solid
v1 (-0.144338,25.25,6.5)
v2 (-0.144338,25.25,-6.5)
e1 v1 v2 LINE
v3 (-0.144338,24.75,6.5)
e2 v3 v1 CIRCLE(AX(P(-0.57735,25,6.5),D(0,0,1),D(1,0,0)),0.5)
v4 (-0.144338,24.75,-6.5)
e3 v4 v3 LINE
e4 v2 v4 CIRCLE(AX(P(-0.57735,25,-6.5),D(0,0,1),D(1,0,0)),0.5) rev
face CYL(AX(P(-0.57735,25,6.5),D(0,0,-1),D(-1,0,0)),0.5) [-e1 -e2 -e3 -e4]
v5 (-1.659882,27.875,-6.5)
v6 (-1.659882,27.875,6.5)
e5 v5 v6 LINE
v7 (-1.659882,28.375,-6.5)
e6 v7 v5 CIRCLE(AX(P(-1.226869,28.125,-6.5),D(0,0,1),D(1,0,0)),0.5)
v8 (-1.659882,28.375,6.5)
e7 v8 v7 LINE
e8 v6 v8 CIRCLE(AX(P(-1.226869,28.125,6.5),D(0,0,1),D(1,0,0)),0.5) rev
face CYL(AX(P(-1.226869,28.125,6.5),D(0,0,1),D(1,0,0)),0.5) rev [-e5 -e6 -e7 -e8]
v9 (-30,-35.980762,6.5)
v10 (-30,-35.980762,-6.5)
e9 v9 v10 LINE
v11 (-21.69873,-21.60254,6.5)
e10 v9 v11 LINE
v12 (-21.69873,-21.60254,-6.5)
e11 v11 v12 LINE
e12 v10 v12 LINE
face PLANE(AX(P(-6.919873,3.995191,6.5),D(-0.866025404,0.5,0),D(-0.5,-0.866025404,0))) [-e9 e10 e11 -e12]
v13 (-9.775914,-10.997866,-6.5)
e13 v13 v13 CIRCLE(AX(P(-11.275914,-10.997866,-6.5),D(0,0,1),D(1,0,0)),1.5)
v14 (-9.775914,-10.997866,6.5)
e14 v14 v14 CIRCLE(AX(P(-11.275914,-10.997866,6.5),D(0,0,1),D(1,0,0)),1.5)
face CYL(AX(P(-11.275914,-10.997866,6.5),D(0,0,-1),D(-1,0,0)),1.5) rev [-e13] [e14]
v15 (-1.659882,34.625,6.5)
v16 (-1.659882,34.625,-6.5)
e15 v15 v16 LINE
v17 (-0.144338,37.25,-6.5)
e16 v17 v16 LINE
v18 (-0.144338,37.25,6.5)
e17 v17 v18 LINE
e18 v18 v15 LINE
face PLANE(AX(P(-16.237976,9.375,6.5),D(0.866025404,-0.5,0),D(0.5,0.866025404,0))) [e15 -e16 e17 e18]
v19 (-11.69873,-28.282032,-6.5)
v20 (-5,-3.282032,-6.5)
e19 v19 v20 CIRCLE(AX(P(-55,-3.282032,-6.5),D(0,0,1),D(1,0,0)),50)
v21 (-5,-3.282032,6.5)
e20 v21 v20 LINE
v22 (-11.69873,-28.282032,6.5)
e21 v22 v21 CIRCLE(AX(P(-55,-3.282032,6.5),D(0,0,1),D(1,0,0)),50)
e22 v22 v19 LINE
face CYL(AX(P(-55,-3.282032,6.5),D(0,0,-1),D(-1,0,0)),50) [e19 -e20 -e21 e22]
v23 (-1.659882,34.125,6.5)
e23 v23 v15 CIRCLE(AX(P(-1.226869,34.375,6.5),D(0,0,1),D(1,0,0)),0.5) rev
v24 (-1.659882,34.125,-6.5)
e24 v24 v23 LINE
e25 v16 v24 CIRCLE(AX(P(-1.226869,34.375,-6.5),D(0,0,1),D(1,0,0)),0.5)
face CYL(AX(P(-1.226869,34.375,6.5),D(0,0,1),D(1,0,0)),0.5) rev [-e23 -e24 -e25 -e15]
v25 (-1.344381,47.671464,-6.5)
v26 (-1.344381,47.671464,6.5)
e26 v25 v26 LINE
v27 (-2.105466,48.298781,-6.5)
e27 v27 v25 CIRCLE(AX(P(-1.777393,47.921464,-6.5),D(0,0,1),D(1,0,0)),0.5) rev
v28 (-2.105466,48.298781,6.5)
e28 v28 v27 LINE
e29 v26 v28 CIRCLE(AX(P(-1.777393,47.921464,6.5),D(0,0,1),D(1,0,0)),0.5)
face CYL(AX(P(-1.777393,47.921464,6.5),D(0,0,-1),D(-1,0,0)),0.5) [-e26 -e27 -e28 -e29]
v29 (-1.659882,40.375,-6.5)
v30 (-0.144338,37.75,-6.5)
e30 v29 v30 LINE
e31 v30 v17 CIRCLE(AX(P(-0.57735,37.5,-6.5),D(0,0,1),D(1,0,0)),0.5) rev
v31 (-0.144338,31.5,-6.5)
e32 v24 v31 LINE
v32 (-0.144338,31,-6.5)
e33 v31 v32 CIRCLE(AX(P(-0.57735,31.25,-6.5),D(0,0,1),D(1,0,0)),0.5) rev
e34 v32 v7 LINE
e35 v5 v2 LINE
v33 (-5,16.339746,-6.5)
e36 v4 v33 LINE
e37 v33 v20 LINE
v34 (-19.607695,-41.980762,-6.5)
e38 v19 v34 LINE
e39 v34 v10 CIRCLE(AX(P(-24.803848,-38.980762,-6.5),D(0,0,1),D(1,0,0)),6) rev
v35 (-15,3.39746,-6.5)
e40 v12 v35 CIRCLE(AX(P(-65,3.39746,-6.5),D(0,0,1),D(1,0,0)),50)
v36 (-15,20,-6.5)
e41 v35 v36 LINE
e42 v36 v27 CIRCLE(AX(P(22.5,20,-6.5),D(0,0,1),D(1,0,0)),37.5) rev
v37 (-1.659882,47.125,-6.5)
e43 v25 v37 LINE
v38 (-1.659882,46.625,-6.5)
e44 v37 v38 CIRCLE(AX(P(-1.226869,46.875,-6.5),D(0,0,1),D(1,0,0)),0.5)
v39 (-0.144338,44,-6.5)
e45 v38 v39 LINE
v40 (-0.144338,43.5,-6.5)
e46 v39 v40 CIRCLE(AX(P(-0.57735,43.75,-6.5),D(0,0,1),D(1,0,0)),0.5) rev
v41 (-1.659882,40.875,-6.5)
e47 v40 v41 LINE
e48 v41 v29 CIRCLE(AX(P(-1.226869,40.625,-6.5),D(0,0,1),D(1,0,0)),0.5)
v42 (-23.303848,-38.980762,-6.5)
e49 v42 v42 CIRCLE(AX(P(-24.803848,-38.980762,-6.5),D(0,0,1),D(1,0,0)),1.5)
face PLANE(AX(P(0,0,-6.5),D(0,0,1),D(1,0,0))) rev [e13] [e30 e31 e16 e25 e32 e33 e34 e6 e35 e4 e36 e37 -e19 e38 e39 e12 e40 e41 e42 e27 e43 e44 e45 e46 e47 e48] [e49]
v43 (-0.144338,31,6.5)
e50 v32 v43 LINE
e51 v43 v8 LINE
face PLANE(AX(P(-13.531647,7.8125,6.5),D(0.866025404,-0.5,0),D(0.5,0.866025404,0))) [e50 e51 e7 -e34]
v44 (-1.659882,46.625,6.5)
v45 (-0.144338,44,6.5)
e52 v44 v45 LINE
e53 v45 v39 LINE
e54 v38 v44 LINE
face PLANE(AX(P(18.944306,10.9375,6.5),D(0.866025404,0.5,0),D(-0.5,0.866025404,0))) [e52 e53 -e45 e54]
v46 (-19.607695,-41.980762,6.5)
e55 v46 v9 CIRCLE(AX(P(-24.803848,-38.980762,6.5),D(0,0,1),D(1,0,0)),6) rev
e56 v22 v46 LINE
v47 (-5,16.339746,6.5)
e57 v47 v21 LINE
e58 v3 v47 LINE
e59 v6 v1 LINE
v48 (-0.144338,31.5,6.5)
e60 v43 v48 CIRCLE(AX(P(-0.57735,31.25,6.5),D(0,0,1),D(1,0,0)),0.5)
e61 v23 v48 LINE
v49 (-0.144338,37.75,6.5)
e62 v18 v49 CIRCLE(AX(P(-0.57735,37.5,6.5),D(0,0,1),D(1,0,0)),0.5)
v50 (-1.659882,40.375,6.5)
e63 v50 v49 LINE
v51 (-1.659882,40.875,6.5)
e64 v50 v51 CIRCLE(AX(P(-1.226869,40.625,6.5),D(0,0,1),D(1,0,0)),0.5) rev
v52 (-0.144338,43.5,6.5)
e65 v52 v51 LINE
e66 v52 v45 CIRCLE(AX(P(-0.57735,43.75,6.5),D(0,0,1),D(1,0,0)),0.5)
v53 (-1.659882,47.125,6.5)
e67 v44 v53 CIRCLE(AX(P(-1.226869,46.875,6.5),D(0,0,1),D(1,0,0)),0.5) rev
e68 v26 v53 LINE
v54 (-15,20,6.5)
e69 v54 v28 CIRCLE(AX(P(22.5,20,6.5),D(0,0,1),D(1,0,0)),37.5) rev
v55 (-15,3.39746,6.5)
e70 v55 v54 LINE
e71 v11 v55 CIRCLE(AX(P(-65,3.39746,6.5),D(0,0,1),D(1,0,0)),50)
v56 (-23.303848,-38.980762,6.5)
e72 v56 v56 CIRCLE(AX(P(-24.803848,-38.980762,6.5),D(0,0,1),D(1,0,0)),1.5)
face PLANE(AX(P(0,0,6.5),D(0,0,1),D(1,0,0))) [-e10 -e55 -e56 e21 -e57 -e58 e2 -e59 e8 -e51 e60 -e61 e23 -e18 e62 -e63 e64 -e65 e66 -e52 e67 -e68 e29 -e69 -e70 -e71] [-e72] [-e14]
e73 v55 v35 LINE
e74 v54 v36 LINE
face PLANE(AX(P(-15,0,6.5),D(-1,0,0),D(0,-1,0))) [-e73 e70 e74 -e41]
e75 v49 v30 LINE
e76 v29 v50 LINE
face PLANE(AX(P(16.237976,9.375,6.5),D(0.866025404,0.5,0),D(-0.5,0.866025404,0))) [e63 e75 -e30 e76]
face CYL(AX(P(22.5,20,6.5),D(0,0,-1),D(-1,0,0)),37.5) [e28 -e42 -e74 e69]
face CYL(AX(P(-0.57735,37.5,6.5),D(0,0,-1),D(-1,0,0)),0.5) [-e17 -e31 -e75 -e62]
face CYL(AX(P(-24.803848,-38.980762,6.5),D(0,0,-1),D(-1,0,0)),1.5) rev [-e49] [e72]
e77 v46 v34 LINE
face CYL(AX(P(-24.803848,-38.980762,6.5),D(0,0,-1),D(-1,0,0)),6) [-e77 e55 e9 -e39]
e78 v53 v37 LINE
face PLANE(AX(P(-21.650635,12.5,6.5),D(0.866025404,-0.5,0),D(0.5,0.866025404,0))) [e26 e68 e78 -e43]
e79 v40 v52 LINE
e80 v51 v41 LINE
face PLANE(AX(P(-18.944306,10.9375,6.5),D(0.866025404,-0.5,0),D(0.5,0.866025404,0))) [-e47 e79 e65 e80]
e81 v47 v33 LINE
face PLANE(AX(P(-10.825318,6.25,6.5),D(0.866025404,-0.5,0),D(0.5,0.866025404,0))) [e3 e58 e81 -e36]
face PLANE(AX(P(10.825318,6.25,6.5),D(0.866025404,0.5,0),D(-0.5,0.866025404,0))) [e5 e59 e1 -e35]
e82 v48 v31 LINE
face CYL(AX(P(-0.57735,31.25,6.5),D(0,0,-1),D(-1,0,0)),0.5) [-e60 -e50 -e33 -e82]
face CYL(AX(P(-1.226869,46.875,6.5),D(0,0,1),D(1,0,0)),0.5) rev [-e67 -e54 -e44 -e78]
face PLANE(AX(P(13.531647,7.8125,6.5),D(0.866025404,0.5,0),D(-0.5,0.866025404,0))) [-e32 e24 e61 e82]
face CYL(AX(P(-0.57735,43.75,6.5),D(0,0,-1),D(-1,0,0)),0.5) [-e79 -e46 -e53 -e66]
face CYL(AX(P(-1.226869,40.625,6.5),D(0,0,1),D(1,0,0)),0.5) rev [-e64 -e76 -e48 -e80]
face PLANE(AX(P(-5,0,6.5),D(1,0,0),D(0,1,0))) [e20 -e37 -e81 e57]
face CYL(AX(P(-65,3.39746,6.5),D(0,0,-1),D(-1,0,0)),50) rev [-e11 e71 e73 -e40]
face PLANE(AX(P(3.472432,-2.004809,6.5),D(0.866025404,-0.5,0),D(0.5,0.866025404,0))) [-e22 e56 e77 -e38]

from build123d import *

# Parameters (mm, degrees)
SKETCH1_R           = 1.5
BOSS_EXTRUDE1_DEPTH = 6.5
FILLET1_R           = 0.5


with BuildPart() as part:
    # Sketch1 → Boss-Extrude1 (new body, symmetric)
    with BuildSketch(Plane.XY):
        with BuildLine():
            Line((0, 25), (-5, 16.339745962))
            Line((-5, 16.339745962), (-5, -3.282032303))
            ThreePointArc((-5, -3.282032303), (-6.703708686, -16.222984558), (-11.698729811, -28.282032303))
            Line((-11.698729811, -28.282032303), (-19.607695155, -41.980762114))
            ThreePointArc((-19.607695155, -41.980762114), (-27.803847577, -44.176914536), (-30, -35.980762114))
            Line((-30, -35.980762114), (-21.698729811, -21.602540378))
            ThreePointArc((-21.698729811, -21.602540378), (-16.703708686, -9.543492634), (-15, 3.397459622))
            Line((-15, 3.397459622), (-15, 20))
            ThreePointArc((-15, 20), (-11.041019662, 36.770509831), (0, 50))
            Line((0, 50), (-1.804219591, 46.875))
            Line((-1.804219591, 46.875), (0, 43.75))
            Line((0, 43.75), (-1.804219591, 40.625))
            Line((-1.804219591, 40.625), (0, 37.5))
            Line((0, 37.5), (-1.804219591, 34.375))
            Line((-1.804219591, 34.375), (0, 31.25))
            Line((0, 31.25), (-1.804219591, 28.125))
            Line((-1.804219591, 28.125), (0, 25))
        make_face()
        with Locations((-24.803847577, -38.980762114)):
            Circle(SKETCH1_R, mode=Mode.SUBTRACT)
        with Locations((-11.275914322, -10.99786575)):
            Circle(SKETCH1_R, mode=Mode.SUBTRACT)
    extrude(amount=BOSS_EXTRUDE1_DEPTH, both=True)

    # Fillet1
    fillet1_edges = [part.edges().sort_by_distance(p)[0] for p in [
        (0, 50, 0),
        (-1.804219591, 46.875, 0),
        (0, 43.75, 0),
        (-1.804219591, 40.625, 0),
        (0, 37.5, 0),
        (-1.804219591, 34.375, 0),
        (0, 31.25, 0),
        (-1.804219591, 28.125, 0),
        (0, 25, 0),
    ]]
    fillet(fillet1_edges, radius=FILLET1_R)


solid = part.part
